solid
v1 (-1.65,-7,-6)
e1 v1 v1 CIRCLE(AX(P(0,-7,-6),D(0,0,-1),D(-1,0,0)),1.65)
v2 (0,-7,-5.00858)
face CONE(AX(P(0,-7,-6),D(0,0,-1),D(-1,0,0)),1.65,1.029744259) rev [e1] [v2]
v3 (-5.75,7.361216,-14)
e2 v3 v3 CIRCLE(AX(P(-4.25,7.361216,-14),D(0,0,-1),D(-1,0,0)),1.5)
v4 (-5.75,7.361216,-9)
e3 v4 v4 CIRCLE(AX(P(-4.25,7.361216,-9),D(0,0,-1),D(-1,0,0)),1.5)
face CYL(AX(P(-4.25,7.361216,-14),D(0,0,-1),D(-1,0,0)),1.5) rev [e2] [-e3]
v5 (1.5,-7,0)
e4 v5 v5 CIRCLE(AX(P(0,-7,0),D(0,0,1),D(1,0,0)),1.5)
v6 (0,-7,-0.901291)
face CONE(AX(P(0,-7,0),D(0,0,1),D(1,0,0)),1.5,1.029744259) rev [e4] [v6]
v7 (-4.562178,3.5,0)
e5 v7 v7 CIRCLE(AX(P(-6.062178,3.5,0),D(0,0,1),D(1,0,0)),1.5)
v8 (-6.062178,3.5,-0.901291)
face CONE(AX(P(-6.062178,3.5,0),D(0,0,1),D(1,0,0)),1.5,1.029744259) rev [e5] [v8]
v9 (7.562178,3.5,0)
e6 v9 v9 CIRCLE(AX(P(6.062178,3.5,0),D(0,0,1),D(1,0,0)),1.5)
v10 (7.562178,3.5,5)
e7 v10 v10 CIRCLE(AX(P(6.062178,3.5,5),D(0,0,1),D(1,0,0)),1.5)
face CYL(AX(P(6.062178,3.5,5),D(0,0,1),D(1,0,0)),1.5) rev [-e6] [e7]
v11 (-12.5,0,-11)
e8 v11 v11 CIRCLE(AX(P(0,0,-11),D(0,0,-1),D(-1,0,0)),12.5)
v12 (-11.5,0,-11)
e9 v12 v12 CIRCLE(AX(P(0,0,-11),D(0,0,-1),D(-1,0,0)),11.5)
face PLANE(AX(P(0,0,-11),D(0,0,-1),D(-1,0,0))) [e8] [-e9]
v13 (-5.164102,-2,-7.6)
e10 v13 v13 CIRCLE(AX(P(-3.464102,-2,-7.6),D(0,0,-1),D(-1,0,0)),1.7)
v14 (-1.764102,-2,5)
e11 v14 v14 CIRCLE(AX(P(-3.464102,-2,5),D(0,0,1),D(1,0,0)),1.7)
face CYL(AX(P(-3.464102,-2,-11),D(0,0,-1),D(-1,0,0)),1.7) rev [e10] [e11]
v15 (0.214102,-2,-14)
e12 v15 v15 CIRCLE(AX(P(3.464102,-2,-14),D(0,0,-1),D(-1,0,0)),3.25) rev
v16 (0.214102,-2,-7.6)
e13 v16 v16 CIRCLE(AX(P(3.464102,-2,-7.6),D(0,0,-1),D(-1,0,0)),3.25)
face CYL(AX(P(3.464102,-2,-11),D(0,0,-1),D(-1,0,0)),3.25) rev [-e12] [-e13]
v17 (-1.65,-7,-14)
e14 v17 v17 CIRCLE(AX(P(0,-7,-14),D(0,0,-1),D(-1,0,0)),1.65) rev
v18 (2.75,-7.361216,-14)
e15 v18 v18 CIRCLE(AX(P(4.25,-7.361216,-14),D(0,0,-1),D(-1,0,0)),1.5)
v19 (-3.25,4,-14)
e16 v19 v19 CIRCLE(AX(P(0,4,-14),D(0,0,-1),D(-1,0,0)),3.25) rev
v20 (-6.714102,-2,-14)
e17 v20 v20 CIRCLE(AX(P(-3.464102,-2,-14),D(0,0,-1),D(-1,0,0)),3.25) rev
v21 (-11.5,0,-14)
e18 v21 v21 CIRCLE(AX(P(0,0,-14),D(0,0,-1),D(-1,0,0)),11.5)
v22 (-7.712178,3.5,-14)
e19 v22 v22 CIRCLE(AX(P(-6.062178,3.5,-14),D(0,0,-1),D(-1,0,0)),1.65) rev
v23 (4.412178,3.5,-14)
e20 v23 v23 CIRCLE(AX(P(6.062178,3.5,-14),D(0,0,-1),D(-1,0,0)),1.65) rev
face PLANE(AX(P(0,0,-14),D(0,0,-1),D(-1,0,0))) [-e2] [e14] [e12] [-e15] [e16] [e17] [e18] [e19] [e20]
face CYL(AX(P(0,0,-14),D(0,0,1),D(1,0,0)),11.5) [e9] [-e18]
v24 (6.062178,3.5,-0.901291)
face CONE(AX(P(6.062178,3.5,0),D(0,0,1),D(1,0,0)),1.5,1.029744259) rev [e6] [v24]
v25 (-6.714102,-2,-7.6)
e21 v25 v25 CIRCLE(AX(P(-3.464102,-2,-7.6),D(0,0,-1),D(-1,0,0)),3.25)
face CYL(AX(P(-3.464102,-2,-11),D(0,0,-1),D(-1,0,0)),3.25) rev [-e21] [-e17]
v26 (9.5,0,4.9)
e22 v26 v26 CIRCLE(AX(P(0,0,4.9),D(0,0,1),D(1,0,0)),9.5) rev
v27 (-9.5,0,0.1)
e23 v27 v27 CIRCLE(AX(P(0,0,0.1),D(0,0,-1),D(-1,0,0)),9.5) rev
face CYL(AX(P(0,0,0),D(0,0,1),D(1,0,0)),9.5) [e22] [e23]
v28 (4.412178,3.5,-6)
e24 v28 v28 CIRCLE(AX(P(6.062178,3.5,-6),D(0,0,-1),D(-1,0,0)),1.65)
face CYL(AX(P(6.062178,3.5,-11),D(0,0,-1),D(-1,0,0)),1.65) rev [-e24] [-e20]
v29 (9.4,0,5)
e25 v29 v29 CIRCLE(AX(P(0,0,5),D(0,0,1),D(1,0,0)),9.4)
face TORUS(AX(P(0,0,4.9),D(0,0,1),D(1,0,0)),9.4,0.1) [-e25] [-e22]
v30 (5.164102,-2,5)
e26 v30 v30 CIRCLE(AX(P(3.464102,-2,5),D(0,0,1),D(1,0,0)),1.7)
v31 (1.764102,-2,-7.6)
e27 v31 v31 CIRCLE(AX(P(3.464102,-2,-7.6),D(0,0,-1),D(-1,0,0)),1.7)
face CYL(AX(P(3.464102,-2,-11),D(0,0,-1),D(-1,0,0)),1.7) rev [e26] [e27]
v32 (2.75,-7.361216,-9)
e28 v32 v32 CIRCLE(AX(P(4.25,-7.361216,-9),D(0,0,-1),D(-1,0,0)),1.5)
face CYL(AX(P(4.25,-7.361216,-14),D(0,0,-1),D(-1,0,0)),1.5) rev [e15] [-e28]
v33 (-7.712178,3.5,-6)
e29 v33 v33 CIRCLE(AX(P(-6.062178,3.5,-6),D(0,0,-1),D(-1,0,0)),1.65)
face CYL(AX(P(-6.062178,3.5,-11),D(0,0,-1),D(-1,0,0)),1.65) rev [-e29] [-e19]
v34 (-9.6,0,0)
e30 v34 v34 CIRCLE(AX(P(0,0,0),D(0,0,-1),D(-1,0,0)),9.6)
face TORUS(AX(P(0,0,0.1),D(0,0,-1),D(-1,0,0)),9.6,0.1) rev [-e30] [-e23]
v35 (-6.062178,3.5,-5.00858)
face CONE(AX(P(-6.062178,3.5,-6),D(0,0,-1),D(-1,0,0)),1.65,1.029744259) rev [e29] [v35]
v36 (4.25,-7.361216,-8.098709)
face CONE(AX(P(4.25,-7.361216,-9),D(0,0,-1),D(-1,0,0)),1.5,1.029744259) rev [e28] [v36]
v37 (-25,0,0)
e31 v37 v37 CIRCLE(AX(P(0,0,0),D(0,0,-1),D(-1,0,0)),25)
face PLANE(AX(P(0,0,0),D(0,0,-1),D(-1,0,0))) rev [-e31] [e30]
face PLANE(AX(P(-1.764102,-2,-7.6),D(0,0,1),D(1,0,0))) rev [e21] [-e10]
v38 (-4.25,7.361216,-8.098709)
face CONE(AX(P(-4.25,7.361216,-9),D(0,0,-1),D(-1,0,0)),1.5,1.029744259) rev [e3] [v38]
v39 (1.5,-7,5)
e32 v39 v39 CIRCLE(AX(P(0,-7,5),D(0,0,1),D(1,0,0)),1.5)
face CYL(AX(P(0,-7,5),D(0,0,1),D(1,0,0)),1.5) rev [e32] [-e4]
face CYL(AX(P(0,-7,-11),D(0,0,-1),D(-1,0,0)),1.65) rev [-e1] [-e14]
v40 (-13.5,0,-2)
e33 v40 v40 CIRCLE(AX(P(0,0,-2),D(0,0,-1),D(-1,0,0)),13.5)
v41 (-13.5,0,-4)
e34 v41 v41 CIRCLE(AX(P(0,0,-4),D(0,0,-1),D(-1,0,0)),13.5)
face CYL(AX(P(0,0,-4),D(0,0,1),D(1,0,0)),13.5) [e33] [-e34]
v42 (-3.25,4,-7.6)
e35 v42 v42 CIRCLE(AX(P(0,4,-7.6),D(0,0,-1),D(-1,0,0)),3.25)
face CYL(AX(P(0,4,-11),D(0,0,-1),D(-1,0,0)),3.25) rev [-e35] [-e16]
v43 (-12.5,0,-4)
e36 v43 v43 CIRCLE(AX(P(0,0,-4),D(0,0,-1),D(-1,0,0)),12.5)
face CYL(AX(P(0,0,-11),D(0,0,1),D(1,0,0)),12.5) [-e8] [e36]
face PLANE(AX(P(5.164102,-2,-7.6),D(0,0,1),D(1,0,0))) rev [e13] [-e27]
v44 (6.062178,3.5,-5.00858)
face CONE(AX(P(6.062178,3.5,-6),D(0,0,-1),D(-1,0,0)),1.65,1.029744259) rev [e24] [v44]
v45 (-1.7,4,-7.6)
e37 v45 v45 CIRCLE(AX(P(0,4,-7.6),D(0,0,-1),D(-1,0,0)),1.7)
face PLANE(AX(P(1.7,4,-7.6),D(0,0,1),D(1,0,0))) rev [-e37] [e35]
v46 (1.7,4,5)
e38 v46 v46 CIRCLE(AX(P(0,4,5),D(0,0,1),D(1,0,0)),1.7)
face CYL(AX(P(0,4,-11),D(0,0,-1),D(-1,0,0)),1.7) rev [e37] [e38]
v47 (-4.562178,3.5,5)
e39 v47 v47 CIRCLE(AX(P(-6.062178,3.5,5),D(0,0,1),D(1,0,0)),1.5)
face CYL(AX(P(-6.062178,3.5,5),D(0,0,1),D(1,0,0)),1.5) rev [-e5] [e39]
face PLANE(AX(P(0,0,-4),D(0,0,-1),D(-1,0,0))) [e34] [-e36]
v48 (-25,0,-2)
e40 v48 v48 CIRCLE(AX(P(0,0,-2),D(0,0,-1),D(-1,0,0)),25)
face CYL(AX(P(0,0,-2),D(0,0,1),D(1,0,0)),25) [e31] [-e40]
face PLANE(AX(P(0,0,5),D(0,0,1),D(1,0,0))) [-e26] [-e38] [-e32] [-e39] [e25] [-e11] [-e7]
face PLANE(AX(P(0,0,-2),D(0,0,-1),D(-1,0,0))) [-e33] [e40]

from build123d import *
from build123d.topology import SkipClean

# Parameters (mm, degrees)
SKETCH_2_R                   = 25
SKETCH_2_R_2                 = 10
EXTRUDE_2_DEPTH              = 2
SKETCH_35_R                  = 13.5
EXTRUDE_3_DEPTH              = 2
SKETCH_36_R                  = 12.5
EXTRUDE_4_DEPTH              = 7
HOLE_WIZARD_M3_1_D           = 3.4
HOLE_WIZARD_M3_1_CBORE_D     = 6.5
HOLE_WIZARD_M3_1_CBORE_DEPTH = 3.4
PATTERN_CIRCULAR_1_COUNT     = 3
PATTERN_CIRCULAR_2_COUNT     = 3
EXTRUDE_START                = 3
SKETCH_53_R                  = 11.5
SKETCH_53_R_2                = 1.65
SKETCH_53_R_3                = 3.25
EXTRUDE_5_DEPTH              = 3
EXTRUDE_START_2              = 7
SKETCH_61_R                  = 10
SKETCH_61_R_2                = 1.7
EXTRUDE_6_DEPTH              = 7
SKETCH_62_R                  = 10
SKETCH_62_R_2                = 9.5
CUT_EXTRUDE_1_DEPTH          = 5
FILLET_1_R                   = 0.1
PATTERN_CIRCULAR_3_COUNT     = 3
PATTERN_CIRCULAR_4_COUNT     = 2


with BuildPart() as part:
    # 스케치2 → 보스-돌출2 (new body)
    with BuildSketch(Plane(origin=(0, 6, 0), x_dir=(1, 0, 0), z_dir=(0, 0, -1))):
        with Locations(Location((0, 6, 0), (0, 0, 180))):
            Circle(SKETCH_2_R)
        with Locations(Location((0, 6, 0), (0, 0, 180))):
            Circle(SKETCH_2_R_2, mode=Mode.SUBTRACT)
    extrude(amount=EXTRUDE_2_DEPTH)

    # 스케치35 → 보스-돌출3 (add)
    with BuildSketch(Plane(origin=(0, 0, -2), x_dir=(-1, 0, 0), z_dir=(0, 0, -1))):
        Circle(SKETCH_35_R)
    extrude(amount=EXTRUDE_3_DEPTH)

    # 스케치36 → 보스-돌출4 (add)
    with BuildSketch(Plane(origin=(0, 0, -4), x_dir=(-1, 0, 0), z_dir=(0, 0, -1))):
        Circle(SKETCH_36_R)
    extrude(amount=EXTRUDE_4_DEPTH)

    # M3 육각 소켓 머리 캡 나사용 카운터보어1 (through all)
    with Locations(Plane(origin=(0, 0, -11), x_dir=(-1, 0, 0), z_dir=(0, 0, -1))):
        with Locations((0, 4)):
            hole_wizard_m3_1 = CounterBoreHole(HOLE_WIZARD_M3_1_D / 2, HOLE_WIZARD_M3_1_CBORE_D / 2, HOLE_WIZARD_M3_1_CBORE_DEPTH)

    # 원형 패턴1: M3 육각 소켓 머리 캡 나사용 카운터보어1 ×3 about axis
    pattern_circular_1_axis = Axis((0, 0, 0), (0, 0, 1))
    for i in range(1, PATTERN_CIRCULAR_1_COUNT):
        add(hole_wizard_m3_1.rotate(pattern_circular_1_axis, i * 360 / PATTERN_CIRCULAR_1_COUNT), mode=Mode.SUBTRACT)

    # 스케치52 → M4 탭을 위한 탭 드릴1 (revolve, cut)
    with BuildSketch(Plane(origin=(0, -7, -11), x_dir=(0, 1, 0), z_dir=(1, 0, 0))):
        Polygon((0, 0), (0, 5.991420021), (1.65, 5), (1.65, 0), align=None)
    hole_wizard_m4_1 = revolve(axis=Axis((0, -7, -17.35), (0, 0, 1)), mode=Mode.SUBTRACT)

    # 원형 패턴2: M4 탭을 위한 탭 드릴1 ×3 about axis
    pattern_circular_2_axis = Axis((0, 0, 0), (0, 0, 1))
    for i in range(1, PATTERN_CIRCULAR_2_COUNT):
        add(hole_wizard_m4_1.rotate(pattern_circular_2_axis, i * 360 / PATTERN_CIRCULAR_2_COUNT), mode=Mode.SUBTRACT)

    # 스케치53 → 보스-돌출5 (add)
    with SkipClean():  # the faces are left unmerged after this step: merging them gives an invalid solid
        with BuildSketch(Plane(origin=(0, 0, -11), x_dir=(-1, 0, 0), z_dir=(0, 0, -1)).offset(EXTRUDE_START)):
            Circle(SKETCH_53_R)
            with Locations((6.062177826, 3.5)):
                Circle(SKETCH_53_R_2, mode=Mode.SUBTRACT)
            with Locations((0, -7)):
                Circle(SKETCH_53_R_2, mode=Mode.SUBTRACT)
            with Locations((3.464101615, -2)):
                Circle(SKETCH_53_R_3, mode=Mode.SUBTRACT)
            with Locations((0, 4)):
                Circle(SKETCH_53_R_3, mode=Mode.SUBTRACT)
            with Locations((-3.464101615, -2)):
                Circle(SKETCH_53_R_3, mode=Mode.SUBTRACT)
            with Locations((-6.062177826, 3.5)):
                Circle(SKETCH_53_R_2, mode=Mode.SUBTRACT)
        extrude(amount=-EXTRUDE_5_DEPTH)

    # 스케치61 → 보스-돌출6 (add)
    with BuildSketch(Plane.XY.offset(-2).offset(EXTRUDE_START_2)):
        with Locations(Location((0, 0, 0), (0, 0, 180))):
            Circle(SKETCH_61_R)
        with Locations(Location((-3.464101615, -2, 0), (0, 0, 180))):
            Circle(SKETCH_61_R_2, mode=Mode.SUBTRACT)
        with Locations(Location((3.464101615, -2, 0), (0, 0, 180))):
            Circle(SKETCH_61_R_2, mode=Mode.SUBTRACT)
        with Locations(Location((0, 4, 0), (0, 0, 180))):
            Circle(SKETCH_61_R_2, mode=Mode.SUBTRACT)
    extrude(amount=-EXTRUDE_6_DEPTH)

    # 스케치62 → 컷-돌출1 (cut)
    with BuildSketch(Plane.XY.offset(5)):
        Circle(SKETCH_62_R)
        Circle(SKETCH_62_R_2, mode=Mode.SUBTRACT)
    extrude(amount=-CUT_EXTRUDE_1_DEPTH, mode=Mode.SUBTRACT)

    # 필렛1
    fillet_1_edges = [part.edges().sort_by_distance(p)[0] for p in [
        (-9.5, 0, 0),
        (-9.5, 0, 5),
    ]]
    fillet(fillet_1_edges, radius=FILLET_1_R)

    # 스케치67 → Ø3.0mm 맞춤핀 구멍1 (revolve, cut)
    with BuildSketch(Plane(origin=(0, -7, 5), x_dir=(0, -1, 0), z_dir=(1, 0, 0))):
        Polygon((0, 0), (0, 5.901290929), (1.5, 5), (1.5, 0), align=None)
    f_3_0mm_1 = revolve(axis=Axis((0, -7, 11.35), (0, 0, -1)), mode=Mode.SUBTRACT)

    # 원형 패턴3: Ø3.0mm 맞춤핀 구멍1 ×3 about axis
    pattern_circular_3_axis = Axis((0, 0, 0), (0, 0, 1))
    for i in range(1, PATTERN_CIRCULAR_3_COUNT):
        add(f_3_0mm_1.rotate(pattern_circular_3_axis, i * 360 / PATTERN_CIRCULAR_3_COUNT), mode=Mode.SUBTRACT)

    # 스케치79 → Ø3.0mm 맞춤핀 구멍4 (revolve, cut)
    with BuildSketch(Plane(origin=(-4.25, 7.361215932, -14), x_dir=(0, 1, 0), z_dir=(1, 0, 0))):
        Polygon((0, 0), (0, 5.901290929), (1.5, 5), (1.5, 0), align=None)
    f_3_0mm_4 = revolve(axis=Axis((-4.25, 7.361215932, -20.35), (0, 0, 1)), mode=Mode.SUBTRACT)

    # 원형 패턴4: Ø3.0mm 맞춤핀 구멍4 ×2 about axis
    pattern_circular_4_axis = Axis((0, 0, 0), (0, 0, 1))
    for i in range(1, PATTERN_CIRCULAR_4_COUNT):
        add(f_3_0mm_4.rotate(pattern_circular_4_axis, i * 360 / PATTERN_CIRCULAR_4_COUNT), mode=Mode.SUBTRACT)


solid = part.part
